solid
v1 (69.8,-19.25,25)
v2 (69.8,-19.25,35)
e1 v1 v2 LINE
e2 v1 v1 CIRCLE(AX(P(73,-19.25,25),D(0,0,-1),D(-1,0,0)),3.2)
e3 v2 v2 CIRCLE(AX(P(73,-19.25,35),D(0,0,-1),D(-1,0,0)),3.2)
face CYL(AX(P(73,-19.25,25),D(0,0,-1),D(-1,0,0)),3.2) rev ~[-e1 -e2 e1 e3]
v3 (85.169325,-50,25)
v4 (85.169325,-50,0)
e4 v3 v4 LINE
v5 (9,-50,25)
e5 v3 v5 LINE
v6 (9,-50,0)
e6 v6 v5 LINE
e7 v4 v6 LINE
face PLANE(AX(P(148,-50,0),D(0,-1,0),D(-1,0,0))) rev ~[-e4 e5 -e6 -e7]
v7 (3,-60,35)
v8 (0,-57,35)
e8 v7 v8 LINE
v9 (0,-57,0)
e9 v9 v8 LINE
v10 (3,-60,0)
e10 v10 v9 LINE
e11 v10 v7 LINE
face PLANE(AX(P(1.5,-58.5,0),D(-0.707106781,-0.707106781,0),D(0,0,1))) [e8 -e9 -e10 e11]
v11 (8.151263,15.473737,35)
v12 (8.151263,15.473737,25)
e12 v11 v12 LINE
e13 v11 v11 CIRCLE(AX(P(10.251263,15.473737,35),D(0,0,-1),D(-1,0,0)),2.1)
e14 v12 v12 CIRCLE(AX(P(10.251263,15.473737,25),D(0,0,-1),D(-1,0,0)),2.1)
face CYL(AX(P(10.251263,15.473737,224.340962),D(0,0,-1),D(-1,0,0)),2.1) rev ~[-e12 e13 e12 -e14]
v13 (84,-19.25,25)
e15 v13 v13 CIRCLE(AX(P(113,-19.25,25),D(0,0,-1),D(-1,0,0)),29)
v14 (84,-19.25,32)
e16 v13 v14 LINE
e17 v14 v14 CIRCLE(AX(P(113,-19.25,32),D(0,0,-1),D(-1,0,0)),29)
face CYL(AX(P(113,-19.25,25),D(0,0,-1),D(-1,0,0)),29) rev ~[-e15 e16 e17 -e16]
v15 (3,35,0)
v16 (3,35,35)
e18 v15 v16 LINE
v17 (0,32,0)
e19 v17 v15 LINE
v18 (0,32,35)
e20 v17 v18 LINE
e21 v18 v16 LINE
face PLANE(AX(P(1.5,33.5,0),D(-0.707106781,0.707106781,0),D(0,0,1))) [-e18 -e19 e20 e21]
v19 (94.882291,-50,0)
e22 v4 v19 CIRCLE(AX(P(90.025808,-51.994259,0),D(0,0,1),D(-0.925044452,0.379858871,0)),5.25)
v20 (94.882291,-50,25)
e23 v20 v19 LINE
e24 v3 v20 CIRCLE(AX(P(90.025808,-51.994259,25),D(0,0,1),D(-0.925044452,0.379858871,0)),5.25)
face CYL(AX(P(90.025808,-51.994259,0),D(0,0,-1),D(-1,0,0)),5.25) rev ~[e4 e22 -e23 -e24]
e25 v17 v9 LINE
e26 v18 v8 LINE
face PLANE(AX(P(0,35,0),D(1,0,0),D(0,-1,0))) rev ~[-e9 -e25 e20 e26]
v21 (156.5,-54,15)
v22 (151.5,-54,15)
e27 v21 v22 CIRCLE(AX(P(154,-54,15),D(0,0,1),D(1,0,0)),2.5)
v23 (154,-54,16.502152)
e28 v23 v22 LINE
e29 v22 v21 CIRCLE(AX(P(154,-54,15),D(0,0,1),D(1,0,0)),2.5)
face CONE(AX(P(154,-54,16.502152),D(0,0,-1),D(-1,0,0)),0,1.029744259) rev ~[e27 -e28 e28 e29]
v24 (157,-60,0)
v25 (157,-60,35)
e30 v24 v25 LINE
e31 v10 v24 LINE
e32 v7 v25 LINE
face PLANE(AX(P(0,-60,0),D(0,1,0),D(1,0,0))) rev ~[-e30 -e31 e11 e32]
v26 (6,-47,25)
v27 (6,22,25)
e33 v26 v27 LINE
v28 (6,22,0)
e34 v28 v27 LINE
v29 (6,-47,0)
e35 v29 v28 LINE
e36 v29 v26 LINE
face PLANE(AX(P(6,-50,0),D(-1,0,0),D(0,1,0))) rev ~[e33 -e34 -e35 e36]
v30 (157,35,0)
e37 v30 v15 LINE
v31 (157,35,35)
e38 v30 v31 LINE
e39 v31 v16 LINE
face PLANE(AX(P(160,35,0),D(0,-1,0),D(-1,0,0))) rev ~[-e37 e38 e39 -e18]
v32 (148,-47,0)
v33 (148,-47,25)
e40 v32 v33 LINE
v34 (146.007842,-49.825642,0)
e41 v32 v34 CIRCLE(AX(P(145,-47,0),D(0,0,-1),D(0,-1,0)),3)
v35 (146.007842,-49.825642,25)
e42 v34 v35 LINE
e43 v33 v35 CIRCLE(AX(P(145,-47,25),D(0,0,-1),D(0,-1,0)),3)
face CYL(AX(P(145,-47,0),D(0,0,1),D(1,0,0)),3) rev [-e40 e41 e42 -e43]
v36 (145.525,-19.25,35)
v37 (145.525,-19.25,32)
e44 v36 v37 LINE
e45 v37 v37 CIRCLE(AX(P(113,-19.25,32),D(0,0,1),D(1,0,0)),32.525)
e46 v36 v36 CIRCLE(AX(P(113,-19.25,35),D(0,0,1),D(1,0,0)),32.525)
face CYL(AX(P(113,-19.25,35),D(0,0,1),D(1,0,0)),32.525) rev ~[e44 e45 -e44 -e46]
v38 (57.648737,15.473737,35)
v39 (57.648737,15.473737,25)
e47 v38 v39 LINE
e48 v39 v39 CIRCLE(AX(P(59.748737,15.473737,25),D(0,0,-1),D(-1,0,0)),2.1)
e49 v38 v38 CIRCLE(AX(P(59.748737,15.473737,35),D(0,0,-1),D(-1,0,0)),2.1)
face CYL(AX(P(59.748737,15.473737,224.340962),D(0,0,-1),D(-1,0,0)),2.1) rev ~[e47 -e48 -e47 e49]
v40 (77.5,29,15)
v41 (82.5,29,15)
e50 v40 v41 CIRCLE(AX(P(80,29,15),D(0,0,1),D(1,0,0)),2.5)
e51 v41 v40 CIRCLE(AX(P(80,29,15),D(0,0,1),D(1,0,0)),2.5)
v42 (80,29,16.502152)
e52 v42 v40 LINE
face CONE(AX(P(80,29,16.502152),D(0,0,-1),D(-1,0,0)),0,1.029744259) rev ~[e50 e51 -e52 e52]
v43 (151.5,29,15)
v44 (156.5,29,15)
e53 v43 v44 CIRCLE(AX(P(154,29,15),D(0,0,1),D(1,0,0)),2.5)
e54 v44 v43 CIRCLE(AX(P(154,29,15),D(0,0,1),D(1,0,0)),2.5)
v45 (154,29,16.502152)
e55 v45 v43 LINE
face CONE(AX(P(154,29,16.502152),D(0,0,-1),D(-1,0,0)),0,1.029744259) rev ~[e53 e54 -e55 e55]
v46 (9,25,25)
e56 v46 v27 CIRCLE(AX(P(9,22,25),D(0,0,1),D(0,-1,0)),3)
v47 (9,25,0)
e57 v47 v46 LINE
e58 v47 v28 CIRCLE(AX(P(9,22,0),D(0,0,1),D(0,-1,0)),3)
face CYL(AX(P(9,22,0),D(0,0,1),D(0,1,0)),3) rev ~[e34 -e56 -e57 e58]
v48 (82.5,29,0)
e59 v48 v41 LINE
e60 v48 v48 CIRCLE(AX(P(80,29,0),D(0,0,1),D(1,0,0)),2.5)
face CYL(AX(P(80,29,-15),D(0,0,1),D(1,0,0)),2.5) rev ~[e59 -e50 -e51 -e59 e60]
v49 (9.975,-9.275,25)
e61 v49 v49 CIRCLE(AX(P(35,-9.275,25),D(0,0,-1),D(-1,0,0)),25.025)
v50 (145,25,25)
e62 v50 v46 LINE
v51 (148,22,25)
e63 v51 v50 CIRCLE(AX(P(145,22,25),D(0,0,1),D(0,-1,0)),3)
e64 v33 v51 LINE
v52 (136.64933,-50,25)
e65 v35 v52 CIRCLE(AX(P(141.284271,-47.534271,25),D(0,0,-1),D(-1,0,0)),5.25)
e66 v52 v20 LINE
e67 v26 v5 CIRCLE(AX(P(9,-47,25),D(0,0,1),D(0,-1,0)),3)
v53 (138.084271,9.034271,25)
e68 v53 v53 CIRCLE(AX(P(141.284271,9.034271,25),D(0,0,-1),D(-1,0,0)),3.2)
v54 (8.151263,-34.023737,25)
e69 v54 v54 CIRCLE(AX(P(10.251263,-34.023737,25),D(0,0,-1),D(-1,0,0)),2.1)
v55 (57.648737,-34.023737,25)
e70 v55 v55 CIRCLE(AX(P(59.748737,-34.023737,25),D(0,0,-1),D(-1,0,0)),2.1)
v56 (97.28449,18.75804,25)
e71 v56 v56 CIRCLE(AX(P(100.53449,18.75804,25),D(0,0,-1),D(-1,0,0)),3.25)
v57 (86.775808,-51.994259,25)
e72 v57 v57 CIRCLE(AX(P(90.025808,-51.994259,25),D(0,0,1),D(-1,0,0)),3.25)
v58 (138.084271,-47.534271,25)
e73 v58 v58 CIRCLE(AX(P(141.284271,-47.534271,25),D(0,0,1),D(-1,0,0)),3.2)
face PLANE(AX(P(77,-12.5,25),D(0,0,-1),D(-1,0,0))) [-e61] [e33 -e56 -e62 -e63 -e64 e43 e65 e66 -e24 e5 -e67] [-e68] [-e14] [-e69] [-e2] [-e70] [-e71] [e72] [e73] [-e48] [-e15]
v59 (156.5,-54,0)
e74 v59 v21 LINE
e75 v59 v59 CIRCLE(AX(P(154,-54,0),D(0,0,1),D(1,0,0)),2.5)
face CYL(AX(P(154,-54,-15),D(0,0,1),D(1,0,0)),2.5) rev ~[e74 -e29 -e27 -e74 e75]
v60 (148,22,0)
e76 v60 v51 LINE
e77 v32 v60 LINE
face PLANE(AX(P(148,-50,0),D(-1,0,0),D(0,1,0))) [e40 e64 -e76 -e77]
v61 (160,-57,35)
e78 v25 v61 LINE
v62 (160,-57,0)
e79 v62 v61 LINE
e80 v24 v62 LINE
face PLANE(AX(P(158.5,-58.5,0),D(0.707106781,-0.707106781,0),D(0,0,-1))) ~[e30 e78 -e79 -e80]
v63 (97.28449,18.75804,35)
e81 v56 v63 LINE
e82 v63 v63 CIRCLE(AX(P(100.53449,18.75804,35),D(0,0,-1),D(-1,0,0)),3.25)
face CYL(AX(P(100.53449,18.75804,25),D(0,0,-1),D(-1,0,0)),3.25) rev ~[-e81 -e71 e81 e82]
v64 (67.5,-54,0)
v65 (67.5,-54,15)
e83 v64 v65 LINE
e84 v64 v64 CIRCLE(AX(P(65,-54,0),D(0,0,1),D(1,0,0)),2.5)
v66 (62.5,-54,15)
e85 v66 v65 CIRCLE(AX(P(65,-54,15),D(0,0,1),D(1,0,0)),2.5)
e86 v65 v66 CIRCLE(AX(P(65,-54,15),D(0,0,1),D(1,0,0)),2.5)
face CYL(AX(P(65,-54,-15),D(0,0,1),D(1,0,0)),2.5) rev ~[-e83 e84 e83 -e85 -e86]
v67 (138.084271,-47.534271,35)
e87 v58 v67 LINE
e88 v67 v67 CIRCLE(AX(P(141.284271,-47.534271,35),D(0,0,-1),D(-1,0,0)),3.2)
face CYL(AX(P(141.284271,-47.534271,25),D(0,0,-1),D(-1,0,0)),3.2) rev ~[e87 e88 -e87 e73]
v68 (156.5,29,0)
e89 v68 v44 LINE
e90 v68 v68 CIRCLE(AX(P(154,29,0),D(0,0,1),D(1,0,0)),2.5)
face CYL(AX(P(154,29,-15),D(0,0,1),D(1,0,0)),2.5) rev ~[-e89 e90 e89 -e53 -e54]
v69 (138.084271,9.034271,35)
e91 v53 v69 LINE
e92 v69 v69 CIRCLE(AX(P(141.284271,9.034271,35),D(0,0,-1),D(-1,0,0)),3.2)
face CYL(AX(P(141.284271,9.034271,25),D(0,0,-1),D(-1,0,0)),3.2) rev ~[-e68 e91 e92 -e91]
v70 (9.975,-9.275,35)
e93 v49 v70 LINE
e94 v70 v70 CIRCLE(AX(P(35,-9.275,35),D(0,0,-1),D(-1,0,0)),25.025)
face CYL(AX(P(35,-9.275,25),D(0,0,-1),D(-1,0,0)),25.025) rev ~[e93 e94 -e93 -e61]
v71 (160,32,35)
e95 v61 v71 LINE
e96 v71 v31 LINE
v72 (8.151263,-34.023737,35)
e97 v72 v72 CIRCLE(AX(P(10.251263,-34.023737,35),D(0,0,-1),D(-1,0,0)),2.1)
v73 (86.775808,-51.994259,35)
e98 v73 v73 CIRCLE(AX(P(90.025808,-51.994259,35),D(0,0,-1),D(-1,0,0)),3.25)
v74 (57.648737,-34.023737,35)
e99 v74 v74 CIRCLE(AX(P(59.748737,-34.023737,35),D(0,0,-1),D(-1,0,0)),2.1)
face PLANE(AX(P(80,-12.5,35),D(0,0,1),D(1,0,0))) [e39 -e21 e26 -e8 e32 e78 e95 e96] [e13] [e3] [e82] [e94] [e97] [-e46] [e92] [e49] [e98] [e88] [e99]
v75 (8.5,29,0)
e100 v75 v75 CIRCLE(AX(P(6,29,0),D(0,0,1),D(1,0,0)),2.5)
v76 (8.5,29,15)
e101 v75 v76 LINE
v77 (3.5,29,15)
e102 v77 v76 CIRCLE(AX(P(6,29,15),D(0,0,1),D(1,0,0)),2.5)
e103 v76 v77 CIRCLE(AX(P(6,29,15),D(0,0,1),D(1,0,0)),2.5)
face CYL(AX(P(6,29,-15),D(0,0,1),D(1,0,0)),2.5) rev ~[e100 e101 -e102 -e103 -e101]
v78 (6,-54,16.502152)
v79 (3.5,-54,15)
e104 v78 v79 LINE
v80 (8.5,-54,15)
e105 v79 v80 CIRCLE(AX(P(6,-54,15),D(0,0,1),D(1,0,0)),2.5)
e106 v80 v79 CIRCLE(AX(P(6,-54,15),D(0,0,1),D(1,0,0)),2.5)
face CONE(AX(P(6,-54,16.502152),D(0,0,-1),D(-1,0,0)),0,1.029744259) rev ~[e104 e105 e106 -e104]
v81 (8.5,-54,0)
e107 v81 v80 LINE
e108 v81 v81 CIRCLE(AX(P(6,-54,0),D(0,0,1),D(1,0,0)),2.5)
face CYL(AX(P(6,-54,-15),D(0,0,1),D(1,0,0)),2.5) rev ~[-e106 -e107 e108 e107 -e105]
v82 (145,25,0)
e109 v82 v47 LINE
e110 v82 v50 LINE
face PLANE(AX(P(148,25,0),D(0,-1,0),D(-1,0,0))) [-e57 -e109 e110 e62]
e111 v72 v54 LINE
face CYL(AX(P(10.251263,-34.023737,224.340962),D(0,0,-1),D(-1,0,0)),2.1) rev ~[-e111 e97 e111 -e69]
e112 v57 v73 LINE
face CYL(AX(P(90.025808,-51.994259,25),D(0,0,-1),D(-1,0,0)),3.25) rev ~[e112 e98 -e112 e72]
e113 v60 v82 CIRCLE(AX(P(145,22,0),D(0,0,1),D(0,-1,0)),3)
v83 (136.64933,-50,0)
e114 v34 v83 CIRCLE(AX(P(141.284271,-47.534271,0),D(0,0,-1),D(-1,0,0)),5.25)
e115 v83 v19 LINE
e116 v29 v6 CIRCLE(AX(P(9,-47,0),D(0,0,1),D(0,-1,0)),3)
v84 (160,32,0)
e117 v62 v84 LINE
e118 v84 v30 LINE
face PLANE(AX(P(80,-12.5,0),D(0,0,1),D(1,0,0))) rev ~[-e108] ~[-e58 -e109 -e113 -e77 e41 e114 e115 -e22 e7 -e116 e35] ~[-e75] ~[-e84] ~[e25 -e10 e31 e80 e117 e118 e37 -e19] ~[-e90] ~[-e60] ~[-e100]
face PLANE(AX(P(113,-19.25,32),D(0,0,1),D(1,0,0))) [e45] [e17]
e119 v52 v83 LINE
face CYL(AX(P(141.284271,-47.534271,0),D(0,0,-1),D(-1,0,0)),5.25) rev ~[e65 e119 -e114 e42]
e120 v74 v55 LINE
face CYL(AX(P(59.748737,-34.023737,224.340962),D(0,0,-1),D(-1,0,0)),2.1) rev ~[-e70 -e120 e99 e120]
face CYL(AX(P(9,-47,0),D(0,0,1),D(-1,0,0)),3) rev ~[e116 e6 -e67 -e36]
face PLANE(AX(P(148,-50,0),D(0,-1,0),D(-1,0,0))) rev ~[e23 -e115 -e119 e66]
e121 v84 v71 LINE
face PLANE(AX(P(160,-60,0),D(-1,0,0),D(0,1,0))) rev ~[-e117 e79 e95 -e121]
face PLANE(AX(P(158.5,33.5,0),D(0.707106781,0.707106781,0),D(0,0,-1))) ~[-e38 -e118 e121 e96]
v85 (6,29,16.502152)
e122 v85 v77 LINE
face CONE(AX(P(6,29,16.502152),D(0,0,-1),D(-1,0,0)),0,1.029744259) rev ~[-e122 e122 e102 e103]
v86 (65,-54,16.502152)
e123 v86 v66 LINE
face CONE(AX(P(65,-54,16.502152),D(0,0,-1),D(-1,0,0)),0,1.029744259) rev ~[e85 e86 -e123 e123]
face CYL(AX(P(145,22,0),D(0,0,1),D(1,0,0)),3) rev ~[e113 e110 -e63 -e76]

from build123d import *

# Parameters (mm, degrees)
EXTRUDE_1_DEPTH        = 35
SKETCH_4_W             = 142
SKETCH_4_H             = 75
CUT_EXTRUDE_2_DEPTH    = 25
SKETCH_5_R             = 29
CUT_EXTRUDE_3_DEPTH    = 11
CHAMFER_3_SIZE         = 3
FILLET_2_R             = 3
SKETCH_7_R             = 3.2
SKETCH_7_R_2           = 3.25
CUT_EXTRUDE_4_DEPTH    = 11
SKETCH_8_R             = 25.025
CUT_EXTRUDE_5_DEPTH    = 11
SKETCH_9_R             = 5.25
CUT_EXTRUDE_6_DEPTH    = 25
HOLE_WIZARD_M6_1_D     = 5
HOLE_WIZARD_M6_1_DEPTH = 15
HOLE_WIZARD_M6_1_TIP   = 1.502151548
HOLE_WIZARD_M5_1_D     = 4.2
SKETCH_17_R            = 32.525
CUT_EXTRUDE_7_DEPTH    = 3


with BuildPart() as part:
    # 草图1 → 凸台-拉伸1 (new body)
    with BuildSketch(Plane.XY):
        Polygon((0, 0), (0, -60), (160, -60), (160, 35), (68, 35), (0, 35), align=None)
    extrude(amount=EXTRUDE_1_DEPTH)

    # 草图4 → 切除-拉伸2 (cut)
    with BuildSketch(Plane(origin=(0, 0, 0), x_dir=(-1, 0, 0), z_dir=(0, 0, -1))):
        with Locations((-77, -12.5)):
            Rectangle(SKETCH_4_W, SKETCH_4_H)
    extrude(amount=-CUT_EXTRUDE_2_DEPTH, mode=Mode.SUBTRACT)

    # 草图5 → 切除-拉伸3 (cut, through all)
    with BuildSketch(Plane(origin=(0, 0, 25), x_dir=(-1, 0, 0), z_dir=(0, 0, -1))):
        with Locations((-113, -19.25)):
            Circle(SKETCH_5_R)
    extrude(amount=-CUT_EXTRUDE_3_DEPTH, mode=Mode.SUBTRACT)

    # 倒角3
    chamfer_3_edges = [part.edges().sort_by_distance(p)[0] for p in [
        (0, 35, 17.5),
        (160, 35, 17.5),
        (160, -60, 17.5),
        (0, -60, 17.5),
    ]]
    chamfer(chamfer_3_edges, length=CHAMFER_3_SIZE)

    # 圆角2
    fillet_2_edges = [part.edges().sort_by_distance(p)[0] for p in [
        (6, 25, 12.5),
        (6, -50, 12.5),
        (148, -50, 12.5),
        (148, 25, 12.5),
    ]]
    fillet(fillet_2_edges, radius=FILLET_2_R)

    # 草图7 → 切除-拉伸4 (cut, through all)
    with BuildSketch(Plane(origin=(0, 0, 25), x_dir=(-1, 0, 0), z_dir=(0, 0, -1))):
        with Locations((-73, -19.25)):
            Circle(SKETCH_7_R)
        with Locations((-141.284271247, -47.534271247)):
            Circle(SKETCH_7_R)
        with Locations((-141.284271247, 9.034271247)):
            Circle(SKETCH_7_R)
        with Locations((-100.534490363, 18.758039538)):
            Circle(SKETCH_7_R_2)
        with Locations((-90.025808003, -51.994259071)):
            Circle(SKETCH_7_R_2)
    extrude(amount=-CUT_EXTRUDE_4_DEPTH, mode=Mode.SUBTRACT)

    # 草图8 → 切除-拉伸5 (cut, through all)
    with BuildSketch(Plane(origin=(0, 0, 25), x_dir=(-1, 0, 0), z_dir=(0, 0, -1))):
        with Locations((-35, -9.275)):
            Circle(SKETCH_8_R)
    extrude(amount=-CUT_EXTRUDE_5_DEPTH, mode=Mode.SUBTRACT)

    # 草图9 → 切除-拉伸6 (cut)
    with BuildSketch(Plane(origin=(0, 0, 0), x_dir=(-1, 0, 0), z_dir=(0, 0, -1))):
        with Locations((-141.284271247, -47.534271247)):
            Circle(SKETCH_9_R)
        with Locations((-90.025808003, -51.994259071)):
            Circle(SKETCH_9_R)
    extrude(amount=-CUT_EXTRUDE_6_DEPTH, mode=Mode.SUBTRACT)

    # M6 螺纹孔1
    with Locations(Plane(origin=(0, 0, 0), x_dir=(-1, 0, 0), z_dir=(0, 0, -1))):
        with Locations((-154, 29), (-80, 29), (-6, 29), (-154, -54), (-6, -54), (-65, -54)):
            Hole(HOLE_WIZARD_M6_1_D / 2, depth=HOLE_WIZARD_M6_1_DEPTH)
            with Locations((0, 0, -(HOLE_WIZARD_M6_1_DEPTH + HOLE_WIZARD_M6_1_TIP / 2))):  # 118° drill point
                Cone(0, HOLE_WIZARD_M6_1_D / 2, HOLE_WIZARD_M6_1_TIP, mode=Mode.SUBTRACT)

    # M5 螺纹孔1 (through all)
    with Locations(Plane.XY.offset(35)):
        with Locations((10.251262658, 15.473737342), (59.748737342, 15.473737342), (59.748737342, -34.023737342), (10.251262658, -34.023737342)):
            Hole(HOLE_WIZARD_M5_1_D / 2)

    # 草图17 → 切除-拉伸7 (cut)
    with BuildSketch(Plane.XY.offset(35)):
        with Locations((113, -19.25)):
            Circle(SKETCH_17_R)
    extrude(amount=-CUT_EXTRUDE_7_DEPTH, mode=Mode.SUBTRACT)


solid = part.part
